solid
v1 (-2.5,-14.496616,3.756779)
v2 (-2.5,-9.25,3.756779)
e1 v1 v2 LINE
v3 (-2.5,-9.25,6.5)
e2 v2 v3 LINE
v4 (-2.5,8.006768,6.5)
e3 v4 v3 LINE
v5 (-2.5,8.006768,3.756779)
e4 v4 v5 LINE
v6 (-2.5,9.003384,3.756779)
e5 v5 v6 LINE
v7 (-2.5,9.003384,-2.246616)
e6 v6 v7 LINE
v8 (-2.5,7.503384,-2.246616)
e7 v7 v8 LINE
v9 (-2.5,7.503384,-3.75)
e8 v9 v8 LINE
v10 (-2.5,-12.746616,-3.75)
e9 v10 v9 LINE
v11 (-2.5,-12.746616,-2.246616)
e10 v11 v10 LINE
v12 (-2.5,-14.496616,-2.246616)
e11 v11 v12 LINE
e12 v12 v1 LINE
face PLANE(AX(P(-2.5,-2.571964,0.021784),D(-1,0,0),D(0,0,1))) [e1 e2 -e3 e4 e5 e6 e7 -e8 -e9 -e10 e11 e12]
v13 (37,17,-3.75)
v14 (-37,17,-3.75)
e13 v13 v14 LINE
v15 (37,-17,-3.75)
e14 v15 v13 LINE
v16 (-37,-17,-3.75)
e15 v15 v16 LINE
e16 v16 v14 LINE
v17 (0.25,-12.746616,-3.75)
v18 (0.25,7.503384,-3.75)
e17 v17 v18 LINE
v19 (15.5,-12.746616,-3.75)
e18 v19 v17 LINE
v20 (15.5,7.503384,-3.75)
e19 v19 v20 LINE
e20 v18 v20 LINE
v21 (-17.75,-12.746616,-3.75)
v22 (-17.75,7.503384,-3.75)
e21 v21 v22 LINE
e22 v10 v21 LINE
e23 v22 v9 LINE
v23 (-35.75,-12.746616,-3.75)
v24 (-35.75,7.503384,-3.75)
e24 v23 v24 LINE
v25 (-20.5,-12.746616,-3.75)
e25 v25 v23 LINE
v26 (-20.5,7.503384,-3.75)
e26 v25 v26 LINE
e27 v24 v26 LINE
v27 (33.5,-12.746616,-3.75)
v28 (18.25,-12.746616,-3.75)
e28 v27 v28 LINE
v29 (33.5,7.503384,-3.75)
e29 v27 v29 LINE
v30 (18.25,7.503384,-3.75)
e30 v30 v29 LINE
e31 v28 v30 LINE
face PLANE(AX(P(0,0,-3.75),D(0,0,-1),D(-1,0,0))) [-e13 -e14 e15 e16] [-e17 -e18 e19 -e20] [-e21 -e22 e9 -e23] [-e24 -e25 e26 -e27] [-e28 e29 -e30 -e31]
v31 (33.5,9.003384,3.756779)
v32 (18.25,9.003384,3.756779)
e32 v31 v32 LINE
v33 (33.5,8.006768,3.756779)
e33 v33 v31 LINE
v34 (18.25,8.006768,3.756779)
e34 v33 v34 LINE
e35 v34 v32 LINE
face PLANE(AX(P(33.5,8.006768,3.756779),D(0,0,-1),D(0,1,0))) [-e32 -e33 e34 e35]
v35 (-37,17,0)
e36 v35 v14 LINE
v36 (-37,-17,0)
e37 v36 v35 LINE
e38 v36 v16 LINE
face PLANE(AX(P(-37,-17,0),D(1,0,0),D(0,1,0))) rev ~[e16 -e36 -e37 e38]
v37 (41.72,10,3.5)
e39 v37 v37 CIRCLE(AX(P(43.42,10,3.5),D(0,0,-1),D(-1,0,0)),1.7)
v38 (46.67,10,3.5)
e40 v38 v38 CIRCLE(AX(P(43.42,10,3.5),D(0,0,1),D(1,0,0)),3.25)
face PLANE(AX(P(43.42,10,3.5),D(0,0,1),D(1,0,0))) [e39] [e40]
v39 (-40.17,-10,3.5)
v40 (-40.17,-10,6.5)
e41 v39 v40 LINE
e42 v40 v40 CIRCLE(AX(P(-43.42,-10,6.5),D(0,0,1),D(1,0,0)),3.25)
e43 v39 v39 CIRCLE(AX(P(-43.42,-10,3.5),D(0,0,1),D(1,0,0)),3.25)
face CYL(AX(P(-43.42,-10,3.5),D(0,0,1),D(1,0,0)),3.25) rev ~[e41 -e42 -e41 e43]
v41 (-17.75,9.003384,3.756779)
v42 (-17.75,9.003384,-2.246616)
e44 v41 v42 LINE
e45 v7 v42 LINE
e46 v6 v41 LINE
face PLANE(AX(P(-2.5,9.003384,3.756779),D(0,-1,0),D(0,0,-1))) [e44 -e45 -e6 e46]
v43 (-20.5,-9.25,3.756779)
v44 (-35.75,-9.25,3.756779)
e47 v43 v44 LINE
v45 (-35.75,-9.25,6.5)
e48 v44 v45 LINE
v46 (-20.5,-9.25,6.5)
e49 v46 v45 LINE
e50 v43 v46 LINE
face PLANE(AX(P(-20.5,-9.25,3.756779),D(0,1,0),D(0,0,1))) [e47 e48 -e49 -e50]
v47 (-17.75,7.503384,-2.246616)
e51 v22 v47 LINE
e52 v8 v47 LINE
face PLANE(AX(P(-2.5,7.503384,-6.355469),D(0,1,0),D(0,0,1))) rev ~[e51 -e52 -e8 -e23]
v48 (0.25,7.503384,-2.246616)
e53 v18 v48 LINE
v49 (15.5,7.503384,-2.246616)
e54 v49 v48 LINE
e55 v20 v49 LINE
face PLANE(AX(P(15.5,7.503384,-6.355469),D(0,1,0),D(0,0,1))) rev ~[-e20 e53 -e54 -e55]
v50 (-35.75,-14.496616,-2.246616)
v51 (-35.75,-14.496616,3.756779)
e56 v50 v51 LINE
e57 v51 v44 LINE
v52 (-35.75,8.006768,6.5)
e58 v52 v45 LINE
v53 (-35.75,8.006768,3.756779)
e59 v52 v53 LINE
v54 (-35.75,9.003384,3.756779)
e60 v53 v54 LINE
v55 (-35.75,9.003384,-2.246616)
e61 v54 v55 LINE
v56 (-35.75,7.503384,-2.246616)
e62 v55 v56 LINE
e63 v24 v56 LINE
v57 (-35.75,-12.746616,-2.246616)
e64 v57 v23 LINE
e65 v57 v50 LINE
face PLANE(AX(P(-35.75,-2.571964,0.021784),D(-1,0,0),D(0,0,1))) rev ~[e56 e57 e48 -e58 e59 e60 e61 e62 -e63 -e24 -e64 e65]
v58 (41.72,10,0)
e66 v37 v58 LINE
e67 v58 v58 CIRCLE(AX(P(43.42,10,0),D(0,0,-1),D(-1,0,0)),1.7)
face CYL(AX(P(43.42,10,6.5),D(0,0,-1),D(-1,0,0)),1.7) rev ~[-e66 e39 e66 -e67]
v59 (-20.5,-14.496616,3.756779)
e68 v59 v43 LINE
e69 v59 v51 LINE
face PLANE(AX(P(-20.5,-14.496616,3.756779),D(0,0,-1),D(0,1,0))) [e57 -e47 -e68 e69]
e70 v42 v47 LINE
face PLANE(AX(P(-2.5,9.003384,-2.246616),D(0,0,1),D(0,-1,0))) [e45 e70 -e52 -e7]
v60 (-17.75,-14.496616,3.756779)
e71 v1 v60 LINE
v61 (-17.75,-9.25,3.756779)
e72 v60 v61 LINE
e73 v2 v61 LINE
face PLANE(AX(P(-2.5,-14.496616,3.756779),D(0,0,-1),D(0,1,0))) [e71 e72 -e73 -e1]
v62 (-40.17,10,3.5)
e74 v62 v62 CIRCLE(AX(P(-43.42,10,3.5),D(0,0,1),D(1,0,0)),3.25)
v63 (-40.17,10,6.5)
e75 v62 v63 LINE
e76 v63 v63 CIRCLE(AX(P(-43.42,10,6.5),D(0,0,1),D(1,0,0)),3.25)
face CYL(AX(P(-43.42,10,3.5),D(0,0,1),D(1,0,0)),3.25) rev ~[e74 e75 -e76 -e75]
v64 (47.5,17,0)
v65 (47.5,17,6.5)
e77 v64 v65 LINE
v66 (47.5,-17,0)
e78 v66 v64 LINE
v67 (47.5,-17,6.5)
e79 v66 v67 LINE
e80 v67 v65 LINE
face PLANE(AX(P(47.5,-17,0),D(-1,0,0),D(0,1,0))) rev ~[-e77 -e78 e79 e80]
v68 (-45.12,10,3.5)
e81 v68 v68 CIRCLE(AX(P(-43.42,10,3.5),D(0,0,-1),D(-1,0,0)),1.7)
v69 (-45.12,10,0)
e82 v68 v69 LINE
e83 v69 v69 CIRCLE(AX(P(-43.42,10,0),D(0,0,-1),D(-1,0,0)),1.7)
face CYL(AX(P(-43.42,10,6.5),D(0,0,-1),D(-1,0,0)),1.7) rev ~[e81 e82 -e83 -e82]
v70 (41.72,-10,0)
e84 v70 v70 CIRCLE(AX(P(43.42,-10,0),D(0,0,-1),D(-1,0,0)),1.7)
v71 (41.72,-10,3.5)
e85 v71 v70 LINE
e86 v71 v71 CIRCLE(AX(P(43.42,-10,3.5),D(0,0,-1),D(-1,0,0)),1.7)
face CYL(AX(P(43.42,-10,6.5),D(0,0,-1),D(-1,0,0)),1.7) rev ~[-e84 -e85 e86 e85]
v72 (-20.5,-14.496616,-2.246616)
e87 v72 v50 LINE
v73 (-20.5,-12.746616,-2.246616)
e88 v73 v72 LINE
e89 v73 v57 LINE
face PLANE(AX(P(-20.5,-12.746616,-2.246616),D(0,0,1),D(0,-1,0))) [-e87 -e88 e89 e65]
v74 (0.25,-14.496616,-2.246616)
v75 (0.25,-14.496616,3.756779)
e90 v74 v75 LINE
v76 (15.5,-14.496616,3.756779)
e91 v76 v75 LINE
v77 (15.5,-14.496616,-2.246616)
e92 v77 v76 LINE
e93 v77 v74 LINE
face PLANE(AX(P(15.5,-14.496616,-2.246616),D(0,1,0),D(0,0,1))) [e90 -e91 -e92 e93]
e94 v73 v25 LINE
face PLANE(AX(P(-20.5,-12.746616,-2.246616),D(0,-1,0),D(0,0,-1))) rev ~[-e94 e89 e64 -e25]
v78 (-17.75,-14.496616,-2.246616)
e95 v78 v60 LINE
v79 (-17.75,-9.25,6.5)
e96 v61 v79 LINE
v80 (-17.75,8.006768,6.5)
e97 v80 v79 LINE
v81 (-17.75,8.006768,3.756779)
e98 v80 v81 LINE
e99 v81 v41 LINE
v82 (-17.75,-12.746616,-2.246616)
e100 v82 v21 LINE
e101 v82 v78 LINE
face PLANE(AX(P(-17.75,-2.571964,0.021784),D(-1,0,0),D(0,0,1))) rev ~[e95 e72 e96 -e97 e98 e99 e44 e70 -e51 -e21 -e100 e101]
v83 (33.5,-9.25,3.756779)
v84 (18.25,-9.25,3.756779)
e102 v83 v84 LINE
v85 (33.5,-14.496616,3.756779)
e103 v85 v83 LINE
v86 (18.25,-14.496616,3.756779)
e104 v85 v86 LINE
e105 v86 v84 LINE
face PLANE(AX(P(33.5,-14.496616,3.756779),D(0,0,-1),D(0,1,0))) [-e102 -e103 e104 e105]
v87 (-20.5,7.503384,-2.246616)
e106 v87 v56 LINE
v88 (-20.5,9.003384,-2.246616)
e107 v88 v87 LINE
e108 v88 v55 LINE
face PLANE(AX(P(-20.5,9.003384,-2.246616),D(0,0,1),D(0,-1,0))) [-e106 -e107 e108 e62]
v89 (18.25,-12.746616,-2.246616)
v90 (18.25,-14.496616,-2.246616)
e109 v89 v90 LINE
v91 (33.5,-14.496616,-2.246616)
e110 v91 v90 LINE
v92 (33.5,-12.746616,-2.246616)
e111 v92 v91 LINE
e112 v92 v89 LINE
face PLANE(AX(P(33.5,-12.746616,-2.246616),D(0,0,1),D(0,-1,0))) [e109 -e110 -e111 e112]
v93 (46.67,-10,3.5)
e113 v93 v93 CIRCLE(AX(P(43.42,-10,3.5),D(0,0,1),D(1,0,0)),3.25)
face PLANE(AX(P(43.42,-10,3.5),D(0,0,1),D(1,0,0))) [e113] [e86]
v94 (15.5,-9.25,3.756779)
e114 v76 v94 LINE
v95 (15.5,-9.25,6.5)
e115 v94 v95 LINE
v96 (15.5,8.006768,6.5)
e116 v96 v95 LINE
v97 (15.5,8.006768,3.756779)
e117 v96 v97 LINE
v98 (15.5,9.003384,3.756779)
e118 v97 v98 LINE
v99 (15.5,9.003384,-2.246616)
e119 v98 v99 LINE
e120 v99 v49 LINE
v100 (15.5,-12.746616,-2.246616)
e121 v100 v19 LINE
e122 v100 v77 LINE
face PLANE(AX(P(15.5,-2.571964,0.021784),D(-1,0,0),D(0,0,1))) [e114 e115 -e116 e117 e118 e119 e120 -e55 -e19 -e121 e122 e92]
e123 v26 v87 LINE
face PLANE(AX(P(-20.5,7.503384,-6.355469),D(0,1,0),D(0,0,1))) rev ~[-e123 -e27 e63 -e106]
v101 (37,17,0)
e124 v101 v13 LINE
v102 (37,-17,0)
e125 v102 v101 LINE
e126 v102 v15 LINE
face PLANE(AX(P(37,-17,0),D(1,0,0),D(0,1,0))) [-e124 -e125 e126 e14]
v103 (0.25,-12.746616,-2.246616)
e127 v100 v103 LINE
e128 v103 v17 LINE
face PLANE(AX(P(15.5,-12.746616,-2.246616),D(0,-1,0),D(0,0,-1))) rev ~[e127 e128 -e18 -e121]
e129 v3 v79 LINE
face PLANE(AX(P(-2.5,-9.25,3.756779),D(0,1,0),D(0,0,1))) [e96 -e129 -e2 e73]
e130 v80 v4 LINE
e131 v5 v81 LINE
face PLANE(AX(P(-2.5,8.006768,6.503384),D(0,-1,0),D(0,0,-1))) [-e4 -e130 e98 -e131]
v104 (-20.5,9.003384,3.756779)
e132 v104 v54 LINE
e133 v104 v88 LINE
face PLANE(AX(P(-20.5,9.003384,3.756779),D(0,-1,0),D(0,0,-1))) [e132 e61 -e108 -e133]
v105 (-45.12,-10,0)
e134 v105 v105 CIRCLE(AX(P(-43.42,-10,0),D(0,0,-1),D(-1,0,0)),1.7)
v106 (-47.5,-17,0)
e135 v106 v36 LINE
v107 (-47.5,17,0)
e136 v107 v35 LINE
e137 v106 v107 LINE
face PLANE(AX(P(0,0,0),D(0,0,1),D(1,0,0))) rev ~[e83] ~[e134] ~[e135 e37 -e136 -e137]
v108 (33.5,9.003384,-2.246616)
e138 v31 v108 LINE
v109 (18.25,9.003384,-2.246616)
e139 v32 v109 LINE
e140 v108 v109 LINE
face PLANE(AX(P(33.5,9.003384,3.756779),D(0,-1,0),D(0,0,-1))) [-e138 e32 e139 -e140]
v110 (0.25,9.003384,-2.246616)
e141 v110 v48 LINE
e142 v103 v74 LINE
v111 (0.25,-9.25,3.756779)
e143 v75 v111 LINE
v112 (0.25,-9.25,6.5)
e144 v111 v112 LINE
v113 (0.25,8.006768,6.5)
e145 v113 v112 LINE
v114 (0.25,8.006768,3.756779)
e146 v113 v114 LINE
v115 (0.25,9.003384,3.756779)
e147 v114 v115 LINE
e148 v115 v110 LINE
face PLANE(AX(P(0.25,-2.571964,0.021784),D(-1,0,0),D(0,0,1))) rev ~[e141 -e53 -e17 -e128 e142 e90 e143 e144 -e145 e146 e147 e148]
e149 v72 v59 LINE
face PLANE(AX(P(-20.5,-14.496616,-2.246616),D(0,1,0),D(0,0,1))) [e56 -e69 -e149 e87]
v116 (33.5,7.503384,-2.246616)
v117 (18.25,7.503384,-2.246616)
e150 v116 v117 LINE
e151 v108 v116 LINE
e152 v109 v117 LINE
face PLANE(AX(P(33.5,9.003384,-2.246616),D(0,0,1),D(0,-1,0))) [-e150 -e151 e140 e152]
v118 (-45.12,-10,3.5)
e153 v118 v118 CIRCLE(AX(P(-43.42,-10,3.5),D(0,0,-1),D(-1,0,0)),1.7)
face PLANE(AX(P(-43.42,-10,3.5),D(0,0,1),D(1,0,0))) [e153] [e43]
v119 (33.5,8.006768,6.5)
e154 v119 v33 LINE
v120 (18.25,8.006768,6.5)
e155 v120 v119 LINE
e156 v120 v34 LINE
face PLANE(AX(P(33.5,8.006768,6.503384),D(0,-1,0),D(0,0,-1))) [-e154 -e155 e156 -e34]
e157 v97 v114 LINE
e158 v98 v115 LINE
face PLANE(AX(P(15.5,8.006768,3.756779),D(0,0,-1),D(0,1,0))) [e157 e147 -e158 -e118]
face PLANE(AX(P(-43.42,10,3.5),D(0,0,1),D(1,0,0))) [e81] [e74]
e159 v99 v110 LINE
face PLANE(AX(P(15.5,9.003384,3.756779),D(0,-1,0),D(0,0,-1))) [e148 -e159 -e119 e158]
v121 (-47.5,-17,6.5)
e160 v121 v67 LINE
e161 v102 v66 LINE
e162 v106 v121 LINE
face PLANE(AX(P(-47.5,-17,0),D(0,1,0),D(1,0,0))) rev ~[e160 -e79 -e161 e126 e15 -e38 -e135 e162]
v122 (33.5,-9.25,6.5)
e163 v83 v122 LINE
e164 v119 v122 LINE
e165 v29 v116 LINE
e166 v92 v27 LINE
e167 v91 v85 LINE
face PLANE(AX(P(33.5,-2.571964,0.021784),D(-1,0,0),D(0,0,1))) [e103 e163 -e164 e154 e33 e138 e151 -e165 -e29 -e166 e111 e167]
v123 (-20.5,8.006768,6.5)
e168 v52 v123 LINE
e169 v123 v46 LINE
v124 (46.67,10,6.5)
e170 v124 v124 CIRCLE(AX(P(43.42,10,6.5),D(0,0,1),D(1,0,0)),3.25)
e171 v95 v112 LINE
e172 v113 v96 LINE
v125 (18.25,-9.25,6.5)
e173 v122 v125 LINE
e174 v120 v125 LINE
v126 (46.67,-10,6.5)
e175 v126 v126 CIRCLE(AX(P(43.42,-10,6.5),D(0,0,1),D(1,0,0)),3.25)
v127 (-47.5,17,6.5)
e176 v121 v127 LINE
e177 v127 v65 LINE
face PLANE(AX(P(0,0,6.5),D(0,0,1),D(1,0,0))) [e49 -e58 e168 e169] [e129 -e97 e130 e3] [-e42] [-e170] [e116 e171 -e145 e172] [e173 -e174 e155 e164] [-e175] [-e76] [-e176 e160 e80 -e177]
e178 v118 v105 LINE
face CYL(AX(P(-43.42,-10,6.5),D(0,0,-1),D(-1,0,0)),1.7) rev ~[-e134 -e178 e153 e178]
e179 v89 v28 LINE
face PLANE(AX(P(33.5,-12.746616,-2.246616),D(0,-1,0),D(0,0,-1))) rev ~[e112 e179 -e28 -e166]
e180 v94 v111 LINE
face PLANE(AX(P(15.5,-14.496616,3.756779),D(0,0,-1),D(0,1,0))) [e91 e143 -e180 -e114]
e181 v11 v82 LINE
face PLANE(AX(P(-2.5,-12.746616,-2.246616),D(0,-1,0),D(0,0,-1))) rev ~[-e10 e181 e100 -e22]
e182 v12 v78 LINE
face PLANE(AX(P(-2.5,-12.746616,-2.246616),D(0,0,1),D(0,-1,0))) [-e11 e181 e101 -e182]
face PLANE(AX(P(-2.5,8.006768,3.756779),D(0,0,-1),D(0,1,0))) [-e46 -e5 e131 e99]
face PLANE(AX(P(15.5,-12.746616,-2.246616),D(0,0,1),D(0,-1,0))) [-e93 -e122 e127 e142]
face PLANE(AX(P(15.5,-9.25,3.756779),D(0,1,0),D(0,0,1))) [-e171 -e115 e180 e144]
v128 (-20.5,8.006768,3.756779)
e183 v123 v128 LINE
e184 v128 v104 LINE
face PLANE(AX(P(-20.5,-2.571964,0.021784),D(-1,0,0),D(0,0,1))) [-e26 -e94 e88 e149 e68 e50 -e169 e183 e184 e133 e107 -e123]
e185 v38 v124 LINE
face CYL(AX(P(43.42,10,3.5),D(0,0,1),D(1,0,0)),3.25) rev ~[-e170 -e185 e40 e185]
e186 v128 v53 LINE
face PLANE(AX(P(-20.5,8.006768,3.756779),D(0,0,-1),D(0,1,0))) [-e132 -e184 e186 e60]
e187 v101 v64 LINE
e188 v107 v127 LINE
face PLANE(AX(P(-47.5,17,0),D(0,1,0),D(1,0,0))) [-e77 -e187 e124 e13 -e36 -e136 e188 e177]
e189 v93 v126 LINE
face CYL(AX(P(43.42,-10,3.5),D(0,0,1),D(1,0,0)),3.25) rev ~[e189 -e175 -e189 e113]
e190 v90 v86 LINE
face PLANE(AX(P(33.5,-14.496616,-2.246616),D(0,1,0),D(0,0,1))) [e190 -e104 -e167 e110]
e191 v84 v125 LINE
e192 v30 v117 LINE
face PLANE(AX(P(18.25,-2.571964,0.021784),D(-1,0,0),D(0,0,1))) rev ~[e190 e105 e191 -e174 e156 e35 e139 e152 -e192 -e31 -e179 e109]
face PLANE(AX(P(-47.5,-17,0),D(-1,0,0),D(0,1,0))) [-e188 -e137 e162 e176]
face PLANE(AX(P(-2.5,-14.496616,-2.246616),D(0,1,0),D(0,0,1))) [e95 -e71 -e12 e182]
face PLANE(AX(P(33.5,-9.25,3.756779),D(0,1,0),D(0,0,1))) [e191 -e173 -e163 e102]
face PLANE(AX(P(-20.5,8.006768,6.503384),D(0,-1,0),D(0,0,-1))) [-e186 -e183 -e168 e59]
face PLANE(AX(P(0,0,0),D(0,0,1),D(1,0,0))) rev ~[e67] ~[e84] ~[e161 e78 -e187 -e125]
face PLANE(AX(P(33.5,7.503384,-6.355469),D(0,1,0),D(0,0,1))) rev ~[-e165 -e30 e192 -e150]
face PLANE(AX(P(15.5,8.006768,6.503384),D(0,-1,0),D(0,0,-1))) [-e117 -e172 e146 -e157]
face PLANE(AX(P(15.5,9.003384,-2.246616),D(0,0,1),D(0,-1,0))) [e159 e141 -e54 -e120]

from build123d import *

# Parameters (mm, degrees)
SKETCH1_W                      = 95
SKETCH1_H                      = 34
BOSS_EXTRUDE1_DEPTH            = 6.5
SKETCH2_W                      = 74
SKETCH2_H                      = 34
BOSS_EXTRUDE2_DEPTH            = 3.75
CBORE_FOR_M3_SHCS1_D           = 3.4
CBORE_FOR_M3_SHCS1_DEPTH       = 10.1
CBORE_FOR_M3_SHCS1_CBORE_D     = 6.5
CBORE_FOR_M3_SHCS1_CBORE_DEPTH = 3
CBORE_FOR_M3_SHCS1_TIP         = 1.021463052
CUT_EXTRUDE1_DEPTH             = 15.25
LPATTERN1_COUNT                = 4
LPATTERN1_PITCH                = 18


with BuildPart() as part:
    # Sketch1 → Boss-Extrude1 (new body)
    with BuildSketch(Plane.XY):
        Rectangle(SKETCH1_W, SKETCH1_H)
    extrude(amount=BOSS_EXTRUDE1_DEPTH)

    # Sketch2 → Boss-Extrude2 (add)
    with BuildSketch(Plane(origin=(0, 0, 0), x_dir=(-1, 0, 0), z_dir=(0, 0, -1))):
        Rectangle(SKETCH2_W, SKETCH2_H)
    extrude(amount=BOSS_EXTRUDE2_DEPTH)

    # CBORE for M3 SHCS1
    with Locations(Plane.XY.offset(6.5)):
        with Locations((-43.42, 10), (-43.42, -10), (43.42, 10), (43.42, -10)):
            CounterBoreHole(CBORE_FOR_M3_SHCS1_D / 2, CBORE_FOR_M3_SHCS1_CBORE_D / 2, CBORE_FOR_M3_SHCS1_CBORE_DEPTH, depth=CBORE_FOR_M3_SHCS1_DEPTH)
            with Locations((0, 0, -(CBORE_FOR_M3_SHCS1_DEPTH + CBORE_FOR_M3_SHCS1_TIP / 2))):  # 118° drill point
                Cone(0, CBORE_FOR_M3_SHCS1_D / 2, CBORE_FOR_M3_SHCS1_TIP, mode=Mode.SUBTRACT)

    # Sketch7 → Cut-Extrude1 (cut)
    with BuildSketch(Plane(origin=(33.5, 0, 0), x_dir=(0, 0, -1), z_dir=(1, 0, 0))):
        Polygon((-6.503383917, 8.006767833), (-3.756779362, 8.006767833), (-3.756779362, 9.003383917), (2.246616083, 9.003383917), (2.246616083, 7.503383917), (3.746616083, 7.503383917), (6.355468839, 7.503383917), (6.355468839, -12.746616083), (3.871124209, -12.746616083), (3.746616083, -12.746616083), (2.246616083, -12.746616083), (2.246616083, -14.496616083), (-3.756779362, -14.496616083), (-3.756779362, -9.25), (-6.503383917, -9.25), align=None)
    cut_extrude1 = extrude(amount=-CUT_EXTRUDE1_DEPTH, mode=Mode.SUBTRACT)

    # LPattern1: Cut-Extrude1 ×4
    with Locations(*[(-i * LPATTERN1_PITCH, 0, 0) for i in range(1, LPATTERN1_COUNT)]):
        add(cut_extrude1, mode=Mode.SUBTRACT)


solid = part.part
